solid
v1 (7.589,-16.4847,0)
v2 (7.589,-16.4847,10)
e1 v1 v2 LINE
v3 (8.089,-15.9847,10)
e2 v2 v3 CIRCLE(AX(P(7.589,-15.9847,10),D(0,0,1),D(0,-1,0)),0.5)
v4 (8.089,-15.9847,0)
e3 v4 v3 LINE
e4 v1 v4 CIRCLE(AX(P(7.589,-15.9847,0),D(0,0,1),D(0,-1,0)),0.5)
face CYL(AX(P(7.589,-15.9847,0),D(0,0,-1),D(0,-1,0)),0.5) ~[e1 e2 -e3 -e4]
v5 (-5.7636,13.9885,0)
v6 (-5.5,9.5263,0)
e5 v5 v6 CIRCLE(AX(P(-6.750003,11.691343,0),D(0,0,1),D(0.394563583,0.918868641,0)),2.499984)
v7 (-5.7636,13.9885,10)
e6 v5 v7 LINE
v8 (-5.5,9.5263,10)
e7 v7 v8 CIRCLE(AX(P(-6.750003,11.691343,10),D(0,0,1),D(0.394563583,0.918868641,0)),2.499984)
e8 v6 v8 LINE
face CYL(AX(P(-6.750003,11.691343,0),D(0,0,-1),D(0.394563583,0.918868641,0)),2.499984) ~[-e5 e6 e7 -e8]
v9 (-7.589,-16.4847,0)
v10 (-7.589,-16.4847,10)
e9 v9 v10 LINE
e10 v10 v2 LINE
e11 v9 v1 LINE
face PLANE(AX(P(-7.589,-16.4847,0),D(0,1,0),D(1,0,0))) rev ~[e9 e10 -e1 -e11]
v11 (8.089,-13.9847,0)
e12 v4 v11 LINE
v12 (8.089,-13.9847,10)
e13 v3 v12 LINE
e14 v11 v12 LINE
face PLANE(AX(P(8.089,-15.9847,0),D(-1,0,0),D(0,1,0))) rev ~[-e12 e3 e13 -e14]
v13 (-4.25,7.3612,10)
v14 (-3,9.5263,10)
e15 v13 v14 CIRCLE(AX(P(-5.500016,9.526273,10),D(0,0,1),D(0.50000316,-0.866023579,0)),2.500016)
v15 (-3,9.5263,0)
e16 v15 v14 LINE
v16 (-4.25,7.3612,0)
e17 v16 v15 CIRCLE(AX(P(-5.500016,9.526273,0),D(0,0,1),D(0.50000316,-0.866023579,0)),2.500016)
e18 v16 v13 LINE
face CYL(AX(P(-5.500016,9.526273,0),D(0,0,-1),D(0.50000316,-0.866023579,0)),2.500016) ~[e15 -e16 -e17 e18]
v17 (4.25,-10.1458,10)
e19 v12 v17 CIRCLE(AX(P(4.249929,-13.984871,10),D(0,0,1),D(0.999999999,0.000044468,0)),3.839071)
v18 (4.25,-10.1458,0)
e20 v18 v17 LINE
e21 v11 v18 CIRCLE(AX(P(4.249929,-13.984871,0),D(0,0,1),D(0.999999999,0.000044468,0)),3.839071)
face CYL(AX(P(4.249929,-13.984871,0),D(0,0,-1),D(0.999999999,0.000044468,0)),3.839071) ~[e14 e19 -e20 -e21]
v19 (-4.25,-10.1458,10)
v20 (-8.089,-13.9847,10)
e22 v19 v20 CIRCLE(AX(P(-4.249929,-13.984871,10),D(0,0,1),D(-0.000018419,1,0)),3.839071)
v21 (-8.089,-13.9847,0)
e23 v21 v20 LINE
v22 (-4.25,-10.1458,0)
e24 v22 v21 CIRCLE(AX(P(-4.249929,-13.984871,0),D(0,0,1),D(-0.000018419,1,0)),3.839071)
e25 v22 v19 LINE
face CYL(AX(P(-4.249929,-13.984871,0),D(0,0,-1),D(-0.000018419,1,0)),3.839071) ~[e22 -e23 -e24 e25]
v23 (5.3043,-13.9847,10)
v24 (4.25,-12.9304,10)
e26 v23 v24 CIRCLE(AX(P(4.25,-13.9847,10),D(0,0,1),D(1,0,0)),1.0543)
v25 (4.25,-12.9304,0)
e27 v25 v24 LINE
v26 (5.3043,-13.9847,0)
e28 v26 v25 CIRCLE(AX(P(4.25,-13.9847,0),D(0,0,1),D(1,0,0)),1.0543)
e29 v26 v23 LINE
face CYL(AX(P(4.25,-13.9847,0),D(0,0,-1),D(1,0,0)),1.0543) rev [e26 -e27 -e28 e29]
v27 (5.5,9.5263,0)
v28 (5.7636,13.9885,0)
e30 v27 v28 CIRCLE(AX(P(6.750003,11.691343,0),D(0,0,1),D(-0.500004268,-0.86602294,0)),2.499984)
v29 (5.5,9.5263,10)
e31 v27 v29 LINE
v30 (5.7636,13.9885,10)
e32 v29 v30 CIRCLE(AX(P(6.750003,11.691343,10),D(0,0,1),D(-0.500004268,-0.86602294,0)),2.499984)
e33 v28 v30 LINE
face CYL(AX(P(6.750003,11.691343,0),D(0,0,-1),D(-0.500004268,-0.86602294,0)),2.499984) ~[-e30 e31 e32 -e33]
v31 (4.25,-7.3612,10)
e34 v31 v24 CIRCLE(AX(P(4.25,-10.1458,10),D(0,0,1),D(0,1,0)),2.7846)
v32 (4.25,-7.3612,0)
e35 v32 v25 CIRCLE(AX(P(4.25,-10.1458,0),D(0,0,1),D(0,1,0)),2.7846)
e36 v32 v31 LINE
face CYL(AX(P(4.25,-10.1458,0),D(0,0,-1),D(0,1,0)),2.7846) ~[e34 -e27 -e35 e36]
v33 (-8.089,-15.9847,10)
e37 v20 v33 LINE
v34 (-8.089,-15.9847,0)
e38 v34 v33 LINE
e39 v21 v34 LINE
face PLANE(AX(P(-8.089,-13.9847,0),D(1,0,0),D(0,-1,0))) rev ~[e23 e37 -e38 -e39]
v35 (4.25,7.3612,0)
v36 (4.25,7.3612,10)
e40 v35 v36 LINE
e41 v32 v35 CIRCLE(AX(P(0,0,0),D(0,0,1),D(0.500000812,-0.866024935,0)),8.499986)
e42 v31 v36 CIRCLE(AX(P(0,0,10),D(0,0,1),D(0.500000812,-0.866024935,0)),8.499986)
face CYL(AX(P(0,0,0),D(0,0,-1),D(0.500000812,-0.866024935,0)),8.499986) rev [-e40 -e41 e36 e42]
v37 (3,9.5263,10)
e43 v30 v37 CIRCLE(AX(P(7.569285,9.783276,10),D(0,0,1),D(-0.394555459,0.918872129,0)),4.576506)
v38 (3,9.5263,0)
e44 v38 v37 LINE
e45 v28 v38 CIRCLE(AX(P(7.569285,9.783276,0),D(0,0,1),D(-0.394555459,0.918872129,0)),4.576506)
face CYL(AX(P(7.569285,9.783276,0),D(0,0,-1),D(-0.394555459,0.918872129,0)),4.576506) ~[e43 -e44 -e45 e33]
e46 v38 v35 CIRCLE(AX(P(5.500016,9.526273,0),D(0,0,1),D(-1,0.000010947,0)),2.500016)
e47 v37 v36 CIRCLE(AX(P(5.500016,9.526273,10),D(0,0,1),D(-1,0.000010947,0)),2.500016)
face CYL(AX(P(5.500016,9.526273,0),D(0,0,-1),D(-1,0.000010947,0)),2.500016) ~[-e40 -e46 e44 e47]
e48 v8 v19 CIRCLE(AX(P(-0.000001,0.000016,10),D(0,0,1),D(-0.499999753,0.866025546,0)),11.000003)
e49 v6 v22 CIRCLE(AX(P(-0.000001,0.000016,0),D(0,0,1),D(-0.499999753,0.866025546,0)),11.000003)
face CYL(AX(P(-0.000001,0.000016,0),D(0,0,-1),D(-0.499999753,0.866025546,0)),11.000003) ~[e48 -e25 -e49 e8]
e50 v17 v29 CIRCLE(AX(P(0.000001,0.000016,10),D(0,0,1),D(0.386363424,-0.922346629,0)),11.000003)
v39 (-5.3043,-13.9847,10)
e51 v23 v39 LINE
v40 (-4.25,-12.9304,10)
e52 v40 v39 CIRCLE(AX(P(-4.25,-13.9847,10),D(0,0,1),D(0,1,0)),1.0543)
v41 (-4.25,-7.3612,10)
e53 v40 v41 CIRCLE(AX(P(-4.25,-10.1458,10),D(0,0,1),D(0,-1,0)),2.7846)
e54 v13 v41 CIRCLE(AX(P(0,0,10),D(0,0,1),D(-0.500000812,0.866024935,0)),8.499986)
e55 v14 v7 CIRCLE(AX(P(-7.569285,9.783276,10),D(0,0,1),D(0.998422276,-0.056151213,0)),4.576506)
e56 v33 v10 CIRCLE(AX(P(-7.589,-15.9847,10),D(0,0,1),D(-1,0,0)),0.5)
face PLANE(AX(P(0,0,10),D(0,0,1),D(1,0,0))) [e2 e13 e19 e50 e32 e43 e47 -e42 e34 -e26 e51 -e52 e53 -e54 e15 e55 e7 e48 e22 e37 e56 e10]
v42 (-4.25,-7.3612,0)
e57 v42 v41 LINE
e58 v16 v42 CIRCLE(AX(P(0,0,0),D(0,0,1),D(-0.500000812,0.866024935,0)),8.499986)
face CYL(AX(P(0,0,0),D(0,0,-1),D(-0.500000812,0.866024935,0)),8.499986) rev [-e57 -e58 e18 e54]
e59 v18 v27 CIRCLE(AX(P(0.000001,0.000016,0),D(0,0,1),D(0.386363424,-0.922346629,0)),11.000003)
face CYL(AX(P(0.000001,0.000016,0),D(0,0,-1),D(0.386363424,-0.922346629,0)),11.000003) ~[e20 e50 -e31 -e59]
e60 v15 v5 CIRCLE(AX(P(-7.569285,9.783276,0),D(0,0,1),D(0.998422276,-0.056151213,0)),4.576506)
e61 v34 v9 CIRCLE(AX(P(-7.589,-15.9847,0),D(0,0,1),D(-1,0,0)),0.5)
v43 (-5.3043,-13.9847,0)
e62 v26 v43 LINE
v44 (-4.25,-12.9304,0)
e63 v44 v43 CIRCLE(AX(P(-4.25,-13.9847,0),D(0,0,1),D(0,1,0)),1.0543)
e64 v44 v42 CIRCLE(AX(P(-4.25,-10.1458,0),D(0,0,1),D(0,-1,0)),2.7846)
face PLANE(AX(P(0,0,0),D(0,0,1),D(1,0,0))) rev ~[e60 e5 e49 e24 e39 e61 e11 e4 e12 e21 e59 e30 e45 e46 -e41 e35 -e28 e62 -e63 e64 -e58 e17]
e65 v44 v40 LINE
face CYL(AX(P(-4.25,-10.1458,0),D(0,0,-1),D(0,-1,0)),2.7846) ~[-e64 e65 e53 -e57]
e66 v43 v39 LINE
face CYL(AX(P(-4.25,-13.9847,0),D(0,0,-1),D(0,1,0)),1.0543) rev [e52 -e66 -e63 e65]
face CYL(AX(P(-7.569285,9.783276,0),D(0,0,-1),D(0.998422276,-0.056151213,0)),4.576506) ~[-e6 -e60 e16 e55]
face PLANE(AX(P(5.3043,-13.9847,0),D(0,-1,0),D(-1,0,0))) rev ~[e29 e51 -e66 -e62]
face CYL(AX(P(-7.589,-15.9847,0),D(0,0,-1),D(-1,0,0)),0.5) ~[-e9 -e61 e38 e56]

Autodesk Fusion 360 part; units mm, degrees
sketch "Esquisse1" plane through (0, 0, 0) normal (0, 0, 1) x (1, 0, 0)
  line L0 (-7.589, -16.4847) -> (7.589, -16.4847)
  line L1 (8.089, -15.9847) -> (8.089, -13.9847)
  line L2 (-8.089, -13.9847) -> (-8.089, -15.9847)
  line L3 (0, 19.9726) -> (0, -22.061) construction
  line L4 (4.25, 7.3612) -> (6.75, 7.3612) construction
  line L5 (-4.25, 7.3612) -> (-1.75, 7.3612) construction
  arc A0 (-4.25, 7.3612) -> (-4.25, -7.3612) centre (0, 0) ccw
  arc A1 (4.25, -7.3612) -> (4.25, 7.3612) centre (0, 0) ccw
  arc A2 (-5.5, 9.5263) -> (-4.25, -10.1458) centre (0, 0) ccw
  arc A3 (4.25, -10.1458) -> (5.5, 9.5263) centre (0, 0) ccw
  arc A4 (-4.25, -10.1458) -> (-8.0889, -13.9847) centre (-4.25, -13.9847) ccw
  arc A5 (-4.25, -12.9304) -> (-4.25, -7.3612) centre (-4.25, -10.1458) ccw
  arc A6 (-4.25, -12.9304) -> (-5.3043, -13.9847) centre (-4.25, -13.9847) ccw
  arc A7 (8.0889, -13.9847) -> (4.25, -10.1458) centre (4.25, -13.9847) ccw
  arc A8 (4.25, -7.3612) -> (4.25, -12.9304) centre (4.25, -10.1458) ccw
  arc A9 (5.3043, -13.9847) -> (4.25, -12.9304) centre (4.25, -13.9847) ccw
  arc A10 (4.25, -10.1458) -> (5.5, 9.5263) centre (0, 0) ccw
  arc A11 (4.25, -7.3612) -> (4.25, 7.3612) centre (0, 0) ccw
  arc A12 (-4.25, 7.3612) -> (-3, 9.5263) centre (-5.5, 9.5263) ccw
  arc A13 (-5.7636, 13.9885) -> (-5.5, 9.5263) centre (-6.75, 11.6913) ccw
  arc A14 (-3, 9.5263) -> (-5.7636, 13.9885) centre (-7.5693, 9.7833) ccw
  arc A15 (5.5, 9.5263) -> (5.7636, 13.9885) centre (6.75, 11.6913) ccw
  arc A16 (5.7636, 13.9885) -> (3, 9.5263) centre (7.5693, 9.7833) ccw
  arc A17 (3, 9.5263) -> (4.25, 7.3612) centre (5.5, 9.5263) ccw
  arc A18 (4.25, -7.3612) -> (4.25, 7.3612) centre (0, 0) ccw
  arc A19 (4.25, -10.1458) -> (5.5, 9.5263) centre (0, 0) ccw
  arc A20 (8.0889, -13.9847) -> (4.25, -10.1458) centre (4.25, -13.9847) ccw
  arc A21 (4.25, -7.3612) -> (4.25, -12.9304) centre (4.25, -10.1458) ccw
  arc A22 (5.3043, -13.9847) -> (4.25, -12.9304) centre (4.25, -13.9847) ccw
  line L6 (-8.0889, -13.9847) -> (-8.089, -13.9847)
  line L7 (8.089, -13.9847) -> (8.0889, -13.9847)
  line L8 (5.3043, -13.9847) -> (-5.3043, -13.9847)
  line L9 (8.0889, -13.9847) -> (8.089, -13.9847)
  line L10 (-8.089, -13.9847) -> (-8.0889, -13.9847)
  line L11 (-5.3043, -13.9847) -> (5.3043, -13.9847)
  arc A23 (-8.089, -15.9847) -> (-7.589, -16.4847) centre (-7.589, -15.9847) ccw
  arc A24 (7.589, -16.4847) -> (8.089, -15.9847) centre (7.589, -15.9847) ccw
  point P0 (-8.089, -16.4847)
  dimension "d1" = 17
  dimension "d2" = 22
  dimension "d3" = 2.5
  dimension "d8" = 16.178
  dimension "d9" = 3.8389
  dimension "d11" = 8.5
  dimension "d12" = 8.089
  dimension "d13" = 0.5
  dimension "d14" = 0.5
extrude "Extrusion1" add sketch "Esquisse1" along normal blind 10
